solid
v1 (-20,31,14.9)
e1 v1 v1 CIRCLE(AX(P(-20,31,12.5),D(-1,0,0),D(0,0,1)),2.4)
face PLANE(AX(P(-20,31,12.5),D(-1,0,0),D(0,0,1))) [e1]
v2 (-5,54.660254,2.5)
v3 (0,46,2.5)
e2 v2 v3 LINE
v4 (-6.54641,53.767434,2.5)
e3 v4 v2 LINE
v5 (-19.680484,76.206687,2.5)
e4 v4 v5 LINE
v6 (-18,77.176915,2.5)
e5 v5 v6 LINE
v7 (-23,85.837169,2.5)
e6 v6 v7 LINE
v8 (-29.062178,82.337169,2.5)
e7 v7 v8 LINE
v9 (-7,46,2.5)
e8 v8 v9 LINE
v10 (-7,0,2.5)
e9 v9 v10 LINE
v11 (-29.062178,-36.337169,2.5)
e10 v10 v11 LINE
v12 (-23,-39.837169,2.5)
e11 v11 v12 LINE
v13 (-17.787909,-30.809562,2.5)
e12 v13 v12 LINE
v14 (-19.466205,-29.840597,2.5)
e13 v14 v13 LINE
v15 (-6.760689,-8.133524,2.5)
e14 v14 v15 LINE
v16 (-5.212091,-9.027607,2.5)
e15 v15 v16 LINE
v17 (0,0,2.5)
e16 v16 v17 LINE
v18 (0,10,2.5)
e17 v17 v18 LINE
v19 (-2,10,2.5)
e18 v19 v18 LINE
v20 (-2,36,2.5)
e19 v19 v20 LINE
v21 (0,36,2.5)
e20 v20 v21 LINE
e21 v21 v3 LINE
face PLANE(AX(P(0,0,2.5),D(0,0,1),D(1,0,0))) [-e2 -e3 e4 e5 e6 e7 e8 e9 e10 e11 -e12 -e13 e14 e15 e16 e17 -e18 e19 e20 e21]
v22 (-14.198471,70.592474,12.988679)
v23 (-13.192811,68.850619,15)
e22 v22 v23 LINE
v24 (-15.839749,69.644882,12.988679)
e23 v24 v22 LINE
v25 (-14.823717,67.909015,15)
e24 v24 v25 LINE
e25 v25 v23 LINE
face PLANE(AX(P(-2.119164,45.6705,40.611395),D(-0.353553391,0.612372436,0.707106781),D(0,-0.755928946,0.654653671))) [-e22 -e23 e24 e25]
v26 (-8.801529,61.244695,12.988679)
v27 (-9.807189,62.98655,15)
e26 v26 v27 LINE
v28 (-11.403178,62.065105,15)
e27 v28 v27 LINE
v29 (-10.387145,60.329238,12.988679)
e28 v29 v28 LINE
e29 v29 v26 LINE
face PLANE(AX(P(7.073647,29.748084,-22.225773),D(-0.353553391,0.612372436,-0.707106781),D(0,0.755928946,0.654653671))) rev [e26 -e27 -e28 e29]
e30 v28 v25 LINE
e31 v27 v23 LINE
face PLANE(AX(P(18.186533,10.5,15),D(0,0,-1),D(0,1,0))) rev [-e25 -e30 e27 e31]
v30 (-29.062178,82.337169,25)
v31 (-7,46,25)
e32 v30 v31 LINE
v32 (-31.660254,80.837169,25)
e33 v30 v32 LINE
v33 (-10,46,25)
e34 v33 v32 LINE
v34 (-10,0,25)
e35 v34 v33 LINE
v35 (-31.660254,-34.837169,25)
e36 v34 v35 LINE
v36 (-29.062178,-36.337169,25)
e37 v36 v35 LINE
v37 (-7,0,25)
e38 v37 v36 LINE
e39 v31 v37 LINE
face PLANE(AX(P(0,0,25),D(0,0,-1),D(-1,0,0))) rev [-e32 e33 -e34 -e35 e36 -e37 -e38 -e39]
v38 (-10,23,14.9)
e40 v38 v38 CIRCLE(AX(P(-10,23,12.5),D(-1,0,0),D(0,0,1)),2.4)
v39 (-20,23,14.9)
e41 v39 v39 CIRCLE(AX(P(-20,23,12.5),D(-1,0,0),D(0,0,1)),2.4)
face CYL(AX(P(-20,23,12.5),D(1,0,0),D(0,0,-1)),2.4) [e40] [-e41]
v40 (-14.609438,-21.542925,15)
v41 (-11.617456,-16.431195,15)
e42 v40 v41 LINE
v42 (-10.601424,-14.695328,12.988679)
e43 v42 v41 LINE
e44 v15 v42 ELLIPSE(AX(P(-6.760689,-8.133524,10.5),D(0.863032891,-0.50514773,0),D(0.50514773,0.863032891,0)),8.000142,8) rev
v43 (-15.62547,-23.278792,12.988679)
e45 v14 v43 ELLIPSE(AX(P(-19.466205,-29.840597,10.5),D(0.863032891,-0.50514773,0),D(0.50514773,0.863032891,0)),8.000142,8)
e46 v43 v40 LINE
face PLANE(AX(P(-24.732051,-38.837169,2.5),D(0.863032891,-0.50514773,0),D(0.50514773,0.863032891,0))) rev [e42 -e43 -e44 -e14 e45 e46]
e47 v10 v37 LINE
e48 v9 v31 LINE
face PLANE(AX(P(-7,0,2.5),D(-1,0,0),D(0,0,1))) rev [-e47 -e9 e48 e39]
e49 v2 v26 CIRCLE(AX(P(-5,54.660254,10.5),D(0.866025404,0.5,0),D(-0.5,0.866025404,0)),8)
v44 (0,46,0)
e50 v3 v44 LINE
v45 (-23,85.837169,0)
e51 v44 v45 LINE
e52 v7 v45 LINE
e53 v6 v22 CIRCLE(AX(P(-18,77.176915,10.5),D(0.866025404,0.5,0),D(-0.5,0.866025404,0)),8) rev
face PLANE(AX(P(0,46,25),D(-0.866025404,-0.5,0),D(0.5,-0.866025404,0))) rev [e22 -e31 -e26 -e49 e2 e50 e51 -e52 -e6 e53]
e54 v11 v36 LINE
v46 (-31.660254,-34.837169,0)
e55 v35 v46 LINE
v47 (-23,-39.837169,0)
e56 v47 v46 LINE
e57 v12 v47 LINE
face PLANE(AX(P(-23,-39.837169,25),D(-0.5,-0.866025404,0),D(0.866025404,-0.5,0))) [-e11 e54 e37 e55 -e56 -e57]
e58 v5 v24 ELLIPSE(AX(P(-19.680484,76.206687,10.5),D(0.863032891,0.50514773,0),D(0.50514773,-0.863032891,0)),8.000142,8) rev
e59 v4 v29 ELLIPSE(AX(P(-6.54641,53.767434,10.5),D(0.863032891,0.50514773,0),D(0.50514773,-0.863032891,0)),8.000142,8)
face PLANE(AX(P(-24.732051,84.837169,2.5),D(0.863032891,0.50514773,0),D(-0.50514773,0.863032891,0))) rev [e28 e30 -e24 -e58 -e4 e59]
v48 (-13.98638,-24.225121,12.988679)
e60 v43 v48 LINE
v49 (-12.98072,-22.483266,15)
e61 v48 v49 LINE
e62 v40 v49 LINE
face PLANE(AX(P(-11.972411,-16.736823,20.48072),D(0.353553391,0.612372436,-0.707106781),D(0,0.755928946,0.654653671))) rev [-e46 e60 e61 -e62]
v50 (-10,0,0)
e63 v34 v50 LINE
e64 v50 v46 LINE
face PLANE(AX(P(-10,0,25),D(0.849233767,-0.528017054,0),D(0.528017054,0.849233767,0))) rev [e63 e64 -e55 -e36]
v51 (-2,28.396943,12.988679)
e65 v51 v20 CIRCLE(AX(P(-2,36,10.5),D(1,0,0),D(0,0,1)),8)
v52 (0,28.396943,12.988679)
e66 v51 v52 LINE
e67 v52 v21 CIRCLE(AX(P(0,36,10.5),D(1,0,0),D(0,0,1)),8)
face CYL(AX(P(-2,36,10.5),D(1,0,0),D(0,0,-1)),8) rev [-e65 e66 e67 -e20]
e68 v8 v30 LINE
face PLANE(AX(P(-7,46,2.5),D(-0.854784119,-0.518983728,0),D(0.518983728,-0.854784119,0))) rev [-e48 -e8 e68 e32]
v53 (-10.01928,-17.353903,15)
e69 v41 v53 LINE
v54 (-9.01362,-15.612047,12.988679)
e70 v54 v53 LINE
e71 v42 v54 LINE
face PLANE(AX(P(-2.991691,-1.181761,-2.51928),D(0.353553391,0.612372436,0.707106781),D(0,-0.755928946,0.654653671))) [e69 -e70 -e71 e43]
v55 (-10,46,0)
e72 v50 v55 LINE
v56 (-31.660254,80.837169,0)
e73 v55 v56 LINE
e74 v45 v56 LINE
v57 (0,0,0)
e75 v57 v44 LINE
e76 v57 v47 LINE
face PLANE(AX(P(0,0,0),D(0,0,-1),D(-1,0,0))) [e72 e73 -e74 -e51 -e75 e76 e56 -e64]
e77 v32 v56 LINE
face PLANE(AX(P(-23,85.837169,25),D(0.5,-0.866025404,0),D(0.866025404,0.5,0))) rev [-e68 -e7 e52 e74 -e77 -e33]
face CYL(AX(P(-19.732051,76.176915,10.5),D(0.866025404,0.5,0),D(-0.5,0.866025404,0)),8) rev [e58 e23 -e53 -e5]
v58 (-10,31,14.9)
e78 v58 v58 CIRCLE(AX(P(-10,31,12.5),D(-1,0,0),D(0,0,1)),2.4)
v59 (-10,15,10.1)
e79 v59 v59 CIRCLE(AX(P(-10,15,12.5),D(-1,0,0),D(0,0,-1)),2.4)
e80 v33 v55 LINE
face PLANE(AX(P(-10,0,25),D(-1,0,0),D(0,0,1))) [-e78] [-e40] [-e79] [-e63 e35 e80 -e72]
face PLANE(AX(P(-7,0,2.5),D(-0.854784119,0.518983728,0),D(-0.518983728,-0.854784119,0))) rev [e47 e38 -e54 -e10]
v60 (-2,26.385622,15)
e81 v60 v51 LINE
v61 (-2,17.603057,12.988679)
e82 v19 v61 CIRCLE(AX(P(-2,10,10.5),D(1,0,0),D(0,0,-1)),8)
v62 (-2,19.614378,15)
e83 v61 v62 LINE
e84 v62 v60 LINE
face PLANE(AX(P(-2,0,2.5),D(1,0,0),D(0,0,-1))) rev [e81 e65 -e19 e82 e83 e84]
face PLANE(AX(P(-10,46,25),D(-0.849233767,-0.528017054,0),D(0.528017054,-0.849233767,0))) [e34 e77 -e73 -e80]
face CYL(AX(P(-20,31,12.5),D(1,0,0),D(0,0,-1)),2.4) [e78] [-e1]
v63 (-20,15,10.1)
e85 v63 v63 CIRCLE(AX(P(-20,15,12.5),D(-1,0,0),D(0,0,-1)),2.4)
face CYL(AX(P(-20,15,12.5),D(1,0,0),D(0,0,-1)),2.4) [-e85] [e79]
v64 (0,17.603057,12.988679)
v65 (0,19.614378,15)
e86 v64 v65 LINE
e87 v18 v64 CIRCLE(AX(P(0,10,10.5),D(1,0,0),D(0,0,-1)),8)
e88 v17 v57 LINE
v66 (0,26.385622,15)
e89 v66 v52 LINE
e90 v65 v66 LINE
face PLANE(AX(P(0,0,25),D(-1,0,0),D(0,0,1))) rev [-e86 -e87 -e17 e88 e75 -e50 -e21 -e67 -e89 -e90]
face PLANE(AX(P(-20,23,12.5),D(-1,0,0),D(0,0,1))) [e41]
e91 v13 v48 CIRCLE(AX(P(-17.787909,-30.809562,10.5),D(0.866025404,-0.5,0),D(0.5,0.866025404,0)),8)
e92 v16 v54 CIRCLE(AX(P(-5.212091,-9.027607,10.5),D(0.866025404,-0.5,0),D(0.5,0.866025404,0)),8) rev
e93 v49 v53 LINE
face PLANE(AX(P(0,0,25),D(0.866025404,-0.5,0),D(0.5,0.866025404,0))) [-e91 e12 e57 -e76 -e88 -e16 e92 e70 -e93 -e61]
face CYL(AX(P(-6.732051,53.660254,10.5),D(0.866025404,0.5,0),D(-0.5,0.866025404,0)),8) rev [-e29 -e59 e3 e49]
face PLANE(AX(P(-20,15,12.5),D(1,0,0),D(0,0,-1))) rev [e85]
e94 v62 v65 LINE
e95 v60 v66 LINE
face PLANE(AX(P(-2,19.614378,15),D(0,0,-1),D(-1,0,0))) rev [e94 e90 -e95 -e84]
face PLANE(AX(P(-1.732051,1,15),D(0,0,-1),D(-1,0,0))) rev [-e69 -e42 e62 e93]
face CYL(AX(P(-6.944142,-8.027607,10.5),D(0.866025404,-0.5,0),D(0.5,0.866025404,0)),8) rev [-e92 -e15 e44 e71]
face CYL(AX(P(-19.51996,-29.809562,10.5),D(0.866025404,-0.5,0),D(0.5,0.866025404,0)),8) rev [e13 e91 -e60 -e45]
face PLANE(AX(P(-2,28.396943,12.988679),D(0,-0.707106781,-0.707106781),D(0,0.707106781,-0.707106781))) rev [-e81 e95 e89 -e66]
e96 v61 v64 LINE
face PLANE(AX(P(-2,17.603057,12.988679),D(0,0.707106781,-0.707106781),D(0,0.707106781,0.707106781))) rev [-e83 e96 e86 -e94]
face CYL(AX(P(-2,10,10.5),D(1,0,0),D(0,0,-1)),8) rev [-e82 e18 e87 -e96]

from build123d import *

# Parameters (mm, degrees)
BOSS_EXTRUDE2_DEPTH = 25
CUT_EXTRUDE4_DEPTH  = 22.5
CUT_EXTRUDE5_DEPTH  = 2
CUT_EXTRUDE6_DEPTH  = 2
CUT_EXTRUDE7_DEPTH  = 2
SKETCH9_R           = 2.4
BOSS_EXTRUDE3_DEPTH = 10


with BuildPart() as part:
    # Sketch1 → Boss-Extrude2 (new body)
    with BuildSketch(Plane(origin=(0, 0, 0), x_dir=(0, 1, 0), z_dir=(0, 0, 1))):
        Polygon((0, 0), (46, 0), (85.837168574, 23), (80.837168574, 31.660254038), (46, 10), (0, 10), (-34.837168574, 31.660254038), (-39.837168574, 23), align=None)
    extrude(amount=BOSS_EXTRUDE2_DEPTH)

    # Sketch5 → Cut-Extrude4 (cut)
    with BuildSketch(Plane.XY.offset(25)):
        Polygon((-24.732050808, -38.837168574), (-29.062177826, -36.337168574), (-7, 0), (-7, 46), (-29.062177826, 82.337168574), (-24.732050808, 84.837168574), (-2, 46), (-2, 0), align=None)
    extrude(amount=-CUT_EXTRUDE4_DEPTH, mode=Mode.SUBTRACT)

    # Sketch6 → Cut-Extrude5 (cut)
    with BuildSketch(Plane.YZ):
        with BuildLine():
            Line((0, 2.5), (10, 2.5))
            ThreePointArc((10, 2.5), (16.477245972, 5.804759365), (17.603057122, 12.988678845))
            Line((17.603057122, 12.988678845), (19.614378278, 15))
            Line((19.614378278, 15), (26.385621722, 15))
            Line((26.385621722, 15), (28.396942878, 12.988678845))
            ThreePointArc((28.396942878, 12.988678845), (29.522754028, 5.804759365), (36, 2.5))
            Line((36, 2.5), (46, 2.5))
            Line((46, 2.5), (46, 25))
            Line((46, 25), (0, 25))
            Line((0, 25), (0, 2.5))
        make_face()
    extrude(amount=-CUT_EXTRUDE5_DEPTH, mode=Mode.SUBTRACT)

    # Sketch7 → Cut-Extrude6 (cut)
    with BuildSketch(Plane(origin=(19.918584287, 11.5, 0), x_dir=(-0.5000000000000007, 0.8660254037844383, 0), z_dir=(0.8660254037844383, 0.5000000000000007, 0))):
        with BuildLine():
            Line((39.837168574, 25), (39.837168574, 2.5))
            Line((39.837168574, 2.5), (49.837168574, 2.5))
            ThreePointArc((49.837168574, 2.5), (56.314414546, 5.804759365), (57.440225697, 12.988678845))
            Line((57.440225697, 12.988678845), (59.451546852, 15))
            Line((59.451546852, 15), (62.837168574, 15))
            Line((62.837168574, 15), (66.222790296, 15))
            Line((66.222790296, 15), (68.234111452, 12.988678845))
            ThreePointArc((68.234111452, 12.988678845), (69.359922602, 5.804759365), (75.837168574, 2.5))
            Line((75.837168574, 2.5), (85.837168574, 2.5))
            Line((85.837168574, 2.5), (85.837168574, 25))
            Line((85.837168574, 25), (39.837168574, 25))
        make_face()
    extrude(amount=-CUT_EXTRUDE6_DEPTH, mode=Mode.SUBTRACT)

    # Sketch8 → Cut-Extrude7 (cut)
    with BuildSketch(Plane(origin=(0, 0, 0), x_dir=(0.5000000000000014, 0.8660254037844378, 0), z_dir=(0.8660254037844378, -0.5000000000000014, 0))):
        with BuildLine():
            Line((-10.424182503, 2.5), (0, 2.5))
            Line((0, 2.5), (0, 25))
            Line((0, 25), (-46, 25))
            Line((-46, 25), (-46, 2.5))
            Line((-46, 2.5), (-35.575817497, 2.5))
            ThreePointArc((-35.575817497, 2.5), (-29.098571525, 5.804759365), (-27.972760375, 12.988678845))
            Line((-27.972760375, 12.988678845), (-25.961439219, 15))
            Line((-25.961439219, 15), (-23, 15))
            Line((-23, 15), (-20.038560781, 15))
            Line((-20.038560781, 15), (-18.027239625, 12.988678845))
            ThreePointArc((-18.027239625, 12.988678845), (-16.901428475, 5.804759365), (-10.424182503, 2.5))
        make_face()
    extrude(amount=-CUT_EXTRUDE7_DEPTH, mode=Mode.SUBTRACT)

    # Sketch9 → Boss-Extrude3 (add)
    with BuildSketch(Plane(origin=(-10, 0, 0), x_dir=(0, -1, 0), z_dir=(-1, 0, 0))):
        with Locations(Location((-23, 12.5, 0), (0, 0, 90))):
            Circle(SKETCH9_R)
        with Locations(Location((-31, 12.5, 0), (0, 0, 90))):
            Circle(SKETCH9_R)
        with Locations(Location((-15, 12.5, 0), (0, 0, 270))):
            Circle(SKETCH9_R)
    extrude(amount=BOSS_EXTRUDE3_DEPTH)


solid = part.part
